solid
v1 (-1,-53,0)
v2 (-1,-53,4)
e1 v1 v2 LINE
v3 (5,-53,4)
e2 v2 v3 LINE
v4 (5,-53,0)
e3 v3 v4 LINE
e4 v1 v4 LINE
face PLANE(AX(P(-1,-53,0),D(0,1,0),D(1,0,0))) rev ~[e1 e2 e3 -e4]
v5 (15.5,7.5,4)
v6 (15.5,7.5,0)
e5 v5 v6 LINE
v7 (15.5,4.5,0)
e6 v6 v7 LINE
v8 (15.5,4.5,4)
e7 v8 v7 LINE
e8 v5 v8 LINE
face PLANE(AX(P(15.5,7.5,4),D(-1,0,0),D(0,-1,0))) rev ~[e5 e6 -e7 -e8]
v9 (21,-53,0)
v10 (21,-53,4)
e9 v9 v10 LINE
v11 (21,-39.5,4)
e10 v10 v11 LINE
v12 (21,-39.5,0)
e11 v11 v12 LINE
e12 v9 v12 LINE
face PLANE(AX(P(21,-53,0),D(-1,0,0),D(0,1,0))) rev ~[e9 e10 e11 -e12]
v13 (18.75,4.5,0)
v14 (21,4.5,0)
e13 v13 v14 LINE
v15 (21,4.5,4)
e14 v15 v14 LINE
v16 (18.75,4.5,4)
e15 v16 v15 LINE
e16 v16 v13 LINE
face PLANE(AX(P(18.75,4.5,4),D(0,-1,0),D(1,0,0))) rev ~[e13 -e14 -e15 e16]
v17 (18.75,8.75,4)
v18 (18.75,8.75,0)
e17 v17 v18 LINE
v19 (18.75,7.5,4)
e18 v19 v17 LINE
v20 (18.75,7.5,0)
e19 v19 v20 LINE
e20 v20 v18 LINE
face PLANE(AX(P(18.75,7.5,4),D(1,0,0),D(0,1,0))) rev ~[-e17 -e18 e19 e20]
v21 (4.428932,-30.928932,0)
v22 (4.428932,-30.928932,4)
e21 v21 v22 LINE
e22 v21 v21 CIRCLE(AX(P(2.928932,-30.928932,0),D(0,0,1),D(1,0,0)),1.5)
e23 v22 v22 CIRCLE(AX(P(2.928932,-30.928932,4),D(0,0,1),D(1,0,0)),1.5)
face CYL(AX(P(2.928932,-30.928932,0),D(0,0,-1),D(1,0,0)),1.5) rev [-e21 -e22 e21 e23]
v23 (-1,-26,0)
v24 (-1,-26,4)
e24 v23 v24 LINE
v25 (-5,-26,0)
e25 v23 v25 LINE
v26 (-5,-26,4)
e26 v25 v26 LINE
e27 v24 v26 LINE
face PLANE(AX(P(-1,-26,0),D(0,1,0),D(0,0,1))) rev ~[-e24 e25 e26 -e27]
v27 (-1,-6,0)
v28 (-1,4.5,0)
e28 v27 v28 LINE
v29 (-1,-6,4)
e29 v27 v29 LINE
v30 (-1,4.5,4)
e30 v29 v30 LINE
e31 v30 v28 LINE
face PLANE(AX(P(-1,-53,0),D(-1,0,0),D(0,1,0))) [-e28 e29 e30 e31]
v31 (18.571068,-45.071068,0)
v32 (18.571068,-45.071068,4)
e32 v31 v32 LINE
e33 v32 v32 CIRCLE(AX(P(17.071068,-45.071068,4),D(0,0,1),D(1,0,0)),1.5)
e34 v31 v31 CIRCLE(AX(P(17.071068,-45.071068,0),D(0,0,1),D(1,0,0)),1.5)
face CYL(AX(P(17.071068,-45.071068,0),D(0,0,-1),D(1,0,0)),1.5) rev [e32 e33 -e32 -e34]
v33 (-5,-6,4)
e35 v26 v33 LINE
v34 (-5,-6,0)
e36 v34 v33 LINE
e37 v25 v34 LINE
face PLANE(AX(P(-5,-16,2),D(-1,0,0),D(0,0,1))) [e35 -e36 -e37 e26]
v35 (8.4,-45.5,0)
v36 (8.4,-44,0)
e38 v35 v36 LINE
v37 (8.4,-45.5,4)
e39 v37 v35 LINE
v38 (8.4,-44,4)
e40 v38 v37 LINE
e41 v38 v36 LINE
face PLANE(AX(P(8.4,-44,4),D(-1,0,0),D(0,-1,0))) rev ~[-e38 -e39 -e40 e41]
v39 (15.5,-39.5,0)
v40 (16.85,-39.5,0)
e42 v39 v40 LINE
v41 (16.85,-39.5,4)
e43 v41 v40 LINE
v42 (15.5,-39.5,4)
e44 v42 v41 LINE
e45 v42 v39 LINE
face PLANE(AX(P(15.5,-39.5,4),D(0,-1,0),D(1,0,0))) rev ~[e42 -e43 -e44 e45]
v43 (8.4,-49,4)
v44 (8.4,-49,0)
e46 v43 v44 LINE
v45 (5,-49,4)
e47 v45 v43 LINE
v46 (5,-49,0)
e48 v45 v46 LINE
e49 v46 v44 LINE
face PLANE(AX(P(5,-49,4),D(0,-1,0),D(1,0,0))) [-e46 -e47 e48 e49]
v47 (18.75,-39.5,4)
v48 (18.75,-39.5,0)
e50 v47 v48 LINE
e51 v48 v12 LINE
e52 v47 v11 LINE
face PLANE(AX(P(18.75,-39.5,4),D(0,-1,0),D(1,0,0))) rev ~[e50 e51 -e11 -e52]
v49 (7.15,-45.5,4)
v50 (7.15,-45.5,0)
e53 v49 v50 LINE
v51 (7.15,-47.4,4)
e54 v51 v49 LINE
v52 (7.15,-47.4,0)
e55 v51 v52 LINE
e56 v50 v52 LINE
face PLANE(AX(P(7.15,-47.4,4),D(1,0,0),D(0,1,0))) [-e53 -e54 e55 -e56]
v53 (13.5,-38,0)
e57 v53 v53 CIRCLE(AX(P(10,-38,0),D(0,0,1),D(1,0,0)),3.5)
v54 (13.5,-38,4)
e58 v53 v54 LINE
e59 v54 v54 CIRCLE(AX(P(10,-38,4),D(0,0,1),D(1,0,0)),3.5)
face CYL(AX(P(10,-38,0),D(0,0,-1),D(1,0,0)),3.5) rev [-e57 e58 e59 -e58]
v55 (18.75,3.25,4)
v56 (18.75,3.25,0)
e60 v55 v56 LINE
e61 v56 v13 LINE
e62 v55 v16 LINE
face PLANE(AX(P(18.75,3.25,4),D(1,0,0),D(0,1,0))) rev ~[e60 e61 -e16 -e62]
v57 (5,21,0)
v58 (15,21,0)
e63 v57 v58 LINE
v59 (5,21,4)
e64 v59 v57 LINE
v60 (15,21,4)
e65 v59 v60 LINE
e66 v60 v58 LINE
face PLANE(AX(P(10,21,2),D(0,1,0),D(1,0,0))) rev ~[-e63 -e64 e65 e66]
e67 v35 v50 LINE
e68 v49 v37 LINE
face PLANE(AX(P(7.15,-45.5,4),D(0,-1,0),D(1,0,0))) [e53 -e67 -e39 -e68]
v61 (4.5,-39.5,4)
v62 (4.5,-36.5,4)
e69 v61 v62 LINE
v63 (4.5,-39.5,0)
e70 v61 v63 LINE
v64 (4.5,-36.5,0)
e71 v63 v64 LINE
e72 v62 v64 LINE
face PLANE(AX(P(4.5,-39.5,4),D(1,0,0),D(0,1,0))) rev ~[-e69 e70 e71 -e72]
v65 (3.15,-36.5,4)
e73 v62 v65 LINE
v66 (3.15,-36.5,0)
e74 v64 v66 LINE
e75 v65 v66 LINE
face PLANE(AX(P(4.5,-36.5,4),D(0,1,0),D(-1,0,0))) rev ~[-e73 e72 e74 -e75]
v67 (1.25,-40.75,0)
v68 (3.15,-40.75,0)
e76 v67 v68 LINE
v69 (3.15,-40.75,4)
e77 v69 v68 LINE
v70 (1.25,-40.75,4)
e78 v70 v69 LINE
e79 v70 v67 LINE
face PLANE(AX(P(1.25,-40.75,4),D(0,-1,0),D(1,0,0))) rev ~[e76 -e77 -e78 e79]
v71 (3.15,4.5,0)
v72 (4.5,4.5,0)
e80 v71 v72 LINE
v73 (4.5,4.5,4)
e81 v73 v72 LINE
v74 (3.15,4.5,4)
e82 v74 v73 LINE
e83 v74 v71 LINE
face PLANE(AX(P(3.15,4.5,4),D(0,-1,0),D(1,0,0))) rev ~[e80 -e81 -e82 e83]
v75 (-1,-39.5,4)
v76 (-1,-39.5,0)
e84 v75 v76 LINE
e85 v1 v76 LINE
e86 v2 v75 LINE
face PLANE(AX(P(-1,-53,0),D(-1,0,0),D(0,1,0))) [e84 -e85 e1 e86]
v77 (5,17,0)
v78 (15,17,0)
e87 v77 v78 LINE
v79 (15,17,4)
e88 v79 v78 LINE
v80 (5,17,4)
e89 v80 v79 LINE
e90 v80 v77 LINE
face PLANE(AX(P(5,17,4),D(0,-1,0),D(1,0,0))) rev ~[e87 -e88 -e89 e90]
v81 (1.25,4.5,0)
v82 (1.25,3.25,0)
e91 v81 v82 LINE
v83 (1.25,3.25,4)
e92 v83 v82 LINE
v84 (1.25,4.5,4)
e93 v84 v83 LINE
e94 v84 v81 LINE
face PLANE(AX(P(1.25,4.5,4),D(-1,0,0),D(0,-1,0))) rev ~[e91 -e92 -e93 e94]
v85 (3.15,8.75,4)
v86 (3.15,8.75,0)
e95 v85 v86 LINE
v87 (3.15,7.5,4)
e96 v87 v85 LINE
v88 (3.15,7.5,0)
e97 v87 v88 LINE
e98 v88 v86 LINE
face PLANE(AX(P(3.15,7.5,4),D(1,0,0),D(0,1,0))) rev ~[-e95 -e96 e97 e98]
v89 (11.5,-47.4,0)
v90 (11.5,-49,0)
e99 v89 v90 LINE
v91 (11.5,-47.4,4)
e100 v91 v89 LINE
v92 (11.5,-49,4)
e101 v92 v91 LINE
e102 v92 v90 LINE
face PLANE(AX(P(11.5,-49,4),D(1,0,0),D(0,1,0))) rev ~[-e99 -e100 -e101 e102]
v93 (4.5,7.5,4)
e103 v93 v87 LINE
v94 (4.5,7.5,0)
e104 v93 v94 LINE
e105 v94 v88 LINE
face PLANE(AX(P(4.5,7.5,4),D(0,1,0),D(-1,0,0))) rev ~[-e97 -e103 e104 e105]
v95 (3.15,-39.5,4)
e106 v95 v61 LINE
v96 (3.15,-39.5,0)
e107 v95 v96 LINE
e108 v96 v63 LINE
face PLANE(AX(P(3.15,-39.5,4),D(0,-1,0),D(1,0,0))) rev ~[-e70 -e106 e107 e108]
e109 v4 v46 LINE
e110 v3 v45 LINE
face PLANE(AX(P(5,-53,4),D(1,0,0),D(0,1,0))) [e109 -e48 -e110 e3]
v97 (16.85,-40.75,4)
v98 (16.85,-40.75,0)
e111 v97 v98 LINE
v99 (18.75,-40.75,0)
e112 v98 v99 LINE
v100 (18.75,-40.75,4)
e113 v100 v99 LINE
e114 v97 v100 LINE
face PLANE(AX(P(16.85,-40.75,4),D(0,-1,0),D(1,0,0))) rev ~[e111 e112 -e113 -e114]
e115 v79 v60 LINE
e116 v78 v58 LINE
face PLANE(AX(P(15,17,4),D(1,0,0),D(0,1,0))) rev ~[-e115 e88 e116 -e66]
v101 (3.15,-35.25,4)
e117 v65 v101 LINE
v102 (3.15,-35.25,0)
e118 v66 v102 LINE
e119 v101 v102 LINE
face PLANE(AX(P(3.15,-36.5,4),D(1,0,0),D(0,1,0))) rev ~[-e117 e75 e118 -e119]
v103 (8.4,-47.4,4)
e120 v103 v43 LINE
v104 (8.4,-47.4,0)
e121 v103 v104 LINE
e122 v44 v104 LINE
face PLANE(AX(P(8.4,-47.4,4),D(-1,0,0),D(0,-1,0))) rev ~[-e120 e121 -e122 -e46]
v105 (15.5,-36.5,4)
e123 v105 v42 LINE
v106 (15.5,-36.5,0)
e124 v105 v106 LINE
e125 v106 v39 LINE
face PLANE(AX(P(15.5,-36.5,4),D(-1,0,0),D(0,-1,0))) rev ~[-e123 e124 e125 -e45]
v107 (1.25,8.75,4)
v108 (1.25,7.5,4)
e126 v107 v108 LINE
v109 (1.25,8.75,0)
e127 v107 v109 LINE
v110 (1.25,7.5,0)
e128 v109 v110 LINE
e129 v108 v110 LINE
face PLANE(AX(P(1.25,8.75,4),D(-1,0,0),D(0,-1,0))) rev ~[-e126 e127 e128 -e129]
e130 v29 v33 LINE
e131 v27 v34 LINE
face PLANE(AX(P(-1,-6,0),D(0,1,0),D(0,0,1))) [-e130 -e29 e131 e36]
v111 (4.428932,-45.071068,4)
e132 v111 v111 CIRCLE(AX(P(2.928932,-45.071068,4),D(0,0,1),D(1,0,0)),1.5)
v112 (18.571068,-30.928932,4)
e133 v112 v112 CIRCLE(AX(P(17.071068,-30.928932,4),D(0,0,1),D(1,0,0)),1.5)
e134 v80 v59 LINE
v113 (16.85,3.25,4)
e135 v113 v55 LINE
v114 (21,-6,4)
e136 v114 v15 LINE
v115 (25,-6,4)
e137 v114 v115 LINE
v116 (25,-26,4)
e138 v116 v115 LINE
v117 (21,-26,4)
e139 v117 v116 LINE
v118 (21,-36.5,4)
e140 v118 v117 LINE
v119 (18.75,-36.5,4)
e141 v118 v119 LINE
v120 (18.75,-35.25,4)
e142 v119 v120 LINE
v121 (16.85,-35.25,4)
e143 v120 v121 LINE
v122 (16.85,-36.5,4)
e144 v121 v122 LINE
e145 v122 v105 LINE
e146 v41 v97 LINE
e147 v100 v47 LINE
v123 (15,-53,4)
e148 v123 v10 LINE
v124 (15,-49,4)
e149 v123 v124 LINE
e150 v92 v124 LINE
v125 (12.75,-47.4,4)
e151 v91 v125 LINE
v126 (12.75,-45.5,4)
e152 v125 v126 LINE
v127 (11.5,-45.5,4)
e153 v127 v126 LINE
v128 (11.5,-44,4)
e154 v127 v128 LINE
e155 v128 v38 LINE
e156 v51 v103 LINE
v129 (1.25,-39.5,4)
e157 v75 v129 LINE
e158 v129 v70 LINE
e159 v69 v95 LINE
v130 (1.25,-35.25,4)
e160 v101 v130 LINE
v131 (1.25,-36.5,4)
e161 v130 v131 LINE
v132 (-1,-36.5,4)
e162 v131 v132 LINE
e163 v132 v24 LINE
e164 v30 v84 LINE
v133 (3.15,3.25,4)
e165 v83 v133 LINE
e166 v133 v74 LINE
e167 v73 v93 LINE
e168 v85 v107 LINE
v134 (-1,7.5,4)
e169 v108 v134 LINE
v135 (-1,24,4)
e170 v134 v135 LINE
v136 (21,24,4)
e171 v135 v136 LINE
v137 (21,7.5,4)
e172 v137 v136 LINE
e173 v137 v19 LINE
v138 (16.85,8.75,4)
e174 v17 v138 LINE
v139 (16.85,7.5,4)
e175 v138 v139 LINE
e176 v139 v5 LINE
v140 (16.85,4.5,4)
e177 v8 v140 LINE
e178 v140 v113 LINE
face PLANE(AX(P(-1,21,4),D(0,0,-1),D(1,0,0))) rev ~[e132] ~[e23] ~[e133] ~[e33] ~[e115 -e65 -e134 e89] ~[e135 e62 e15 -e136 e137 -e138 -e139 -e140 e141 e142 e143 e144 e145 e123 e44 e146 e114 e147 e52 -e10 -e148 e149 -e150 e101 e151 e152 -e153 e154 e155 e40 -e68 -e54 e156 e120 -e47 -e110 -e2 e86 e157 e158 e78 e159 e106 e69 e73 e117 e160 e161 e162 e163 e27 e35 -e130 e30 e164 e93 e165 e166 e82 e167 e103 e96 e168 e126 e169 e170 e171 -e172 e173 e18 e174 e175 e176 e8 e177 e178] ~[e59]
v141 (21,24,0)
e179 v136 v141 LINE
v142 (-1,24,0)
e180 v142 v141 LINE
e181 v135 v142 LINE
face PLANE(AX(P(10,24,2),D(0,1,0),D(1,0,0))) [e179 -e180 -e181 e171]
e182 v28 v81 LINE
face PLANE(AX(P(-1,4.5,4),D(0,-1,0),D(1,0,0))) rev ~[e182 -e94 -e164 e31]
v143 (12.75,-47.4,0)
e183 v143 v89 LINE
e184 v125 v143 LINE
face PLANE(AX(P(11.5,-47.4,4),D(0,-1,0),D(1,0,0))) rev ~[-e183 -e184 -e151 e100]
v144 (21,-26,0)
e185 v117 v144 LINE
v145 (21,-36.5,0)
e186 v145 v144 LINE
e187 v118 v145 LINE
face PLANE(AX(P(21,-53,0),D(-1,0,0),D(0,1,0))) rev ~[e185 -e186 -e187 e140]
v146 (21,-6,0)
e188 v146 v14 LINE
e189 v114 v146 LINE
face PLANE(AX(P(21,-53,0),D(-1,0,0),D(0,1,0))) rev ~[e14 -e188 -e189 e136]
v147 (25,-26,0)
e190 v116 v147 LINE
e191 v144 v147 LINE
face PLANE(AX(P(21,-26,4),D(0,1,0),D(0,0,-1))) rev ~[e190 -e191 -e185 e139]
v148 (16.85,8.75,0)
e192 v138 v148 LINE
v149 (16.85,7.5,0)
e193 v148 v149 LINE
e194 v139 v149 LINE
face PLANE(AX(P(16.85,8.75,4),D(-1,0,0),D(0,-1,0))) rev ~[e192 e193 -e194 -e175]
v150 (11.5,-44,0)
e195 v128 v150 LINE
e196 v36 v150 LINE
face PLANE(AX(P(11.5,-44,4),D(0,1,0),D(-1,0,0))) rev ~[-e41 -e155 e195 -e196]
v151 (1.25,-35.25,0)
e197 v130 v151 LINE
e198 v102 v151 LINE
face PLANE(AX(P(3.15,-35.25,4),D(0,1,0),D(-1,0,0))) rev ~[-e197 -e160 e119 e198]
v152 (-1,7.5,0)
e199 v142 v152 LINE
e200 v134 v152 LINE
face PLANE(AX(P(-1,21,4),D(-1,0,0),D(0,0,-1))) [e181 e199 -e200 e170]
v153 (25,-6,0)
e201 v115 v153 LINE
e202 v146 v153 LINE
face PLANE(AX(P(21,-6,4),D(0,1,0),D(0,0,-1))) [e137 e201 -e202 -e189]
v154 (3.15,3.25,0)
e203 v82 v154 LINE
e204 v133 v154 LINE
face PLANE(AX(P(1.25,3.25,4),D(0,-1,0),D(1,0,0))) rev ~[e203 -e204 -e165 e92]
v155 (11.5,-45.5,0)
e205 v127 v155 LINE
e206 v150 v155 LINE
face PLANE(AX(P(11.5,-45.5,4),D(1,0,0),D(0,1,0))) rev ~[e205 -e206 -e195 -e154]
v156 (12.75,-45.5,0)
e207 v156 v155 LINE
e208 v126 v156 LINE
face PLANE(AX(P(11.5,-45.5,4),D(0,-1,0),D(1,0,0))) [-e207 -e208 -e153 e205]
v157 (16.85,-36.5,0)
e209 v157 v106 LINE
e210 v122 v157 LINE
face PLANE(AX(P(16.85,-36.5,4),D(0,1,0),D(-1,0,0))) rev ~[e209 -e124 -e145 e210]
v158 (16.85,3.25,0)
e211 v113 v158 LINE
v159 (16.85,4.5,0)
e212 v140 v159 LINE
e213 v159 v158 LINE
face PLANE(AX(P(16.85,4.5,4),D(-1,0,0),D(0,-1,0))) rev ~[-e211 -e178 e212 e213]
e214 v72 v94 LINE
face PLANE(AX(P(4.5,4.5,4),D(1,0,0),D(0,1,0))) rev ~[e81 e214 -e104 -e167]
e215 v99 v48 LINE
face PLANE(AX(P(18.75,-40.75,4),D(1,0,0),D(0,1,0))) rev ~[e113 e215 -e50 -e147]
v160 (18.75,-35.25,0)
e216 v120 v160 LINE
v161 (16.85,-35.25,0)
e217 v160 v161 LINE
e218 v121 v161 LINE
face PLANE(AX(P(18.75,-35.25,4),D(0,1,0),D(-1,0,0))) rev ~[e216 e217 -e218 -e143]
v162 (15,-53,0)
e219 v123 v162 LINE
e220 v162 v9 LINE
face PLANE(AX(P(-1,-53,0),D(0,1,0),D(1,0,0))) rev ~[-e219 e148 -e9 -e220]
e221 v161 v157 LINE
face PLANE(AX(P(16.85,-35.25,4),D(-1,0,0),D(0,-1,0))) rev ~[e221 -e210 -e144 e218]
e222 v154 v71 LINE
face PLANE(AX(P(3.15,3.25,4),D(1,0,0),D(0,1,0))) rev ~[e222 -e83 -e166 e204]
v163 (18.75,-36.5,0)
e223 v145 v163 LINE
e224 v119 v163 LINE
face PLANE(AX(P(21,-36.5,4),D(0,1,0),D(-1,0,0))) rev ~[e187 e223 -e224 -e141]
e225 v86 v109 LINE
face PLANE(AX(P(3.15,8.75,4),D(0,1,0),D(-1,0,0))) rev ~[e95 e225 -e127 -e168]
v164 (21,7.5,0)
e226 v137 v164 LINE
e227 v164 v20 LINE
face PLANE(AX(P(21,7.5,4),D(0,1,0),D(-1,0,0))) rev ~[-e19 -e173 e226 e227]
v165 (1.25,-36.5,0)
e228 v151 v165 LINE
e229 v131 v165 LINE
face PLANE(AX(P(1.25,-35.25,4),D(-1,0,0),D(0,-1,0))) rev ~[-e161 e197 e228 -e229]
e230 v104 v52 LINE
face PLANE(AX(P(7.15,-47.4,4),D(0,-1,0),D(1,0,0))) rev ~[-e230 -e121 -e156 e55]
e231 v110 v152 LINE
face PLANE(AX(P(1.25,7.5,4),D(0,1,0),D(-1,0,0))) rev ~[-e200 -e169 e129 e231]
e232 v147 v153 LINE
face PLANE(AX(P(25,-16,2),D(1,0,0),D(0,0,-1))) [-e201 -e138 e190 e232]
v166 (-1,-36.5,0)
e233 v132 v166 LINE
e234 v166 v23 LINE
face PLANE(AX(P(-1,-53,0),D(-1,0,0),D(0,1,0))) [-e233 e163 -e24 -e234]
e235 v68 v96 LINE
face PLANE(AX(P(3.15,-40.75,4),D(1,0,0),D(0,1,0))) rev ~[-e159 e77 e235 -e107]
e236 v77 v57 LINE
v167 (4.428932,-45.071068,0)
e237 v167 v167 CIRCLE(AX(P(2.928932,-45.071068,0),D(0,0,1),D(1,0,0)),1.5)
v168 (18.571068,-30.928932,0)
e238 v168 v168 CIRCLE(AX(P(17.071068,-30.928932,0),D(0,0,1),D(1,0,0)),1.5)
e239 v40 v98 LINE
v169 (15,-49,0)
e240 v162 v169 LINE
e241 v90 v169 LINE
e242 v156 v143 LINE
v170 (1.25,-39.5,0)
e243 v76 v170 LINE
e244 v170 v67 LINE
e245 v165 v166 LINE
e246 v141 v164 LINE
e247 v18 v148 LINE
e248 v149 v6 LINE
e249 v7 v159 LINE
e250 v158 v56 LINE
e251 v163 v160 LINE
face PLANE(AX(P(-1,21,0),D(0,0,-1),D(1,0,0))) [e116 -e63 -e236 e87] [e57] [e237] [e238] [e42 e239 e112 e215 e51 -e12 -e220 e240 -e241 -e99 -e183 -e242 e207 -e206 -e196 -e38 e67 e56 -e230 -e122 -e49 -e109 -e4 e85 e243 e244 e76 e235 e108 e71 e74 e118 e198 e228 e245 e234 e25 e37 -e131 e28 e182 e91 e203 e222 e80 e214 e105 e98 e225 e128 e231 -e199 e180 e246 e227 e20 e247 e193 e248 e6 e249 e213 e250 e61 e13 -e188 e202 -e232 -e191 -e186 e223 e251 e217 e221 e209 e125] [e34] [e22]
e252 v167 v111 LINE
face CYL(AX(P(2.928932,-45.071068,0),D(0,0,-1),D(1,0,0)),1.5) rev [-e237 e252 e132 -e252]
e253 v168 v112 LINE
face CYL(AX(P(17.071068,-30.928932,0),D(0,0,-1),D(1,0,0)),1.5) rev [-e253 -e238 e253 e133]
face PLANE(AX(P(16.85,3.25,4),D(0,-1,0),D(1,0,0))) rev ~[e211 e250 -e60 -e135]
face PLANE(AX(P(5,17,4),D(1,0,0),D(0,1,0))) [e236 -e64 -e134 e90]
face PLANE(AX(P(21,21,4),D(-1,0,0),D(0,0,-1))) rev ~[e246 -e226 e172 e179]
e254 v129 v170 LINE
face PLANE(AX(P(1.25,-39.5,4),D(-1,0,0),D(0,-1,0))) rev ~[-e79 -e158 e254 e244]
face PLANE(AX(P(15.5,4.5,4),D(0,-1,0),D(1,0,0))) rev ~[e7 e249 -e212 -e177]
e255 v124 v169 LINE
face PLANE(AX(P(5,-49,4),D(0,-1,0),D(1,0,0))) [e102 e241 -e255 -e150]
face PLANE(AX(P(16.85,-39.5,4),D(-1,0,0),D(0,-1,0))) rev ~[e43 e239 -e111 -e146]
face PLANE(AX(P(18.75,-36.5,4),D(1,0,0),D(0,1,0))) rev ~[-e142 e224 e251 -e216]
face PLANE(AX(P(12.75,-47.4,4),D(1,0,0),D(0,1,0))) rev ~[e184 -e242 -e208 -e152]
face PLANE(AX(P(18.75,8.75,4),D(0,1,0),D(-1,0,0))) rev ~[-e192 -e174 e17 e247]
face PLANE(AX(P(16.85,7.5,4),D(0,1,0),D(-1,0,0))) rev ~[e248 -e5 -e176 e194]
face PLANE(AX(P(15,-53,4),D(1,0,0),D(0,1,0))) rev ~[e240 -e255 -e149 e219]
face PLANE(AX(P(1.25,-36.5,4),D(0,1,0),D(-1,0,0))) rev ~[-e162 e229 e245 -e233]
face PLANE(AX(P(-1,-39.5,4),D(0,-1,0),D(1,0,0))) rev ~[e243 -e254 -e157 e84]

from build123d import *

# Parameters (mm, degrees)
SKETCH1_W                     = 22
SKETCH1_H                     = 74
SKETCH1_R                     = 3.5
SHEET_THICKNESS_DEPTH         = 4
BEARING_START                 = -4
SKETCH2_R                     = 3.5
SKETCH2_R_2                   = 1.5
BEARING_HOLDER_MOUNTING_DEPTH = 4
NUT_MOUNTING_DEPTH            = 4
SKETCH5_W                     = 10
SKETCH5_H                     = 4
TOP_SLOTS_DEPTH               = 4
SKETCH9_W                     = 4
SKETCH9_H                     = 20
BOSS_EXTRUDE3_DEPTH           = 4
SKETCH10_W                    = 4
SKETCH10_H                    = 20
BOSS_EXTRUDE4_DEPTH           = 4
SKETCH11_W                    = 22
SKETCH11_H                    = 4
BOSS_EXTRUDE5_DEPTH           = 3
SKETCH14_W                    = 1.55
SKETCH14_H                    = 1.5
SKETCH14_H_2                  = 1.9
SKETCH14_H_3                  = 1.6
SKETCH14_W_2                  = 1.25
CUT_EXTRUDE4_DEPTH            = 10


with BuildPart() as part:
    # Sketch1 → Sheet Thickness (new body)
    with BuildSketch(Plane.XY):
        with Locations((10, -16)):
            Rectangle(SKETCH1_W, SKETCH1_H)
        with Locations((10, -38)):
            Circle(SKETCH1_R, mode=Mode.SUBTRACT)
    extrude(amount=SHEET_THICKNESS_DEPTH)

    # Sketch2 → Bearing Holder Mounting (cut)
    with BuildSketch(Plane.XY.offset(4).offset(BEARING_START)):
        with Locations((10, -38)):
            Circle(SKETCH2_R)
        with Locations((2.928932188, -30.928932188)):
            Circle(SKETCH2_R_2)
        with Locations((17.071067812, -30.928932188)):
            Circle(SKETCH2_R_2)
        with Locations((17.071067812, -45.071067812)):
            Circle(SKETCH2_R_2)
        with Locations((2.928932188, -45.071067812)):
            Circle(SKETCH2_R_2)
    extrude(amount=BEARING_HOLDER_MOUNTING_DEPTH, mode=Mode.SUBTRACT)

    # Sketch3 → Nut Mounting (cut)
    with BuildSketch(Plane.XY.offset(4)):
        Polygon((1.25, -36.5), (-1, -36.5), (-1, -39.5), (1.25, -39.5), (1.25, -40.75), (3.15, -40.75), (3.15, -39.5), (4.5, -39.5), (4.5, -36.5), (3.15, -36.5), (3.15, -35.25), (1.25, -35.25), align=None)
        Polygon((18.75, -39.5), (21, -39.5), (21, -36.5), (18.75, -36.5), (18.75, -35.25), (16.85, -35.25), (16.85, -36.5), (15.5, -36.5), (15.5, -39.5), (16.85, -39.5), (16.85, -40.75), (18.75, -40.75), align=None)
        Polygon((16.85, 3.25), (18.75, 3.25), (18.75, 4.5), (21, 4.5), (21, 7.5), (18.75, 7.5), (18.75, 8.75), (16.85, 8.75), (16.85, 7.5), (15.5, 7.5), (15.5, 4.5), (16.85, 4.5), align=None)
        Polygon((1.25, 3.25), (3.15, 3.25), (3.15, 4.5), (4.5, 4.5), (4.5, 7.5), (3.15, 7.5), (3.15, 8.75), (1.25, 8.75), (1.25, 7.5), (-1, 7.5), (-1, 4.5), (1.25, 4.5), align=None)
    extrude(amount=-NUT_MOUNTING_DEPTH, mode=Mode.SUBTRACT)

    # Sketch5 → Top Slots (cut)
    with BuildSketch(Plane.XY.offset(4)):
        with Locations((10, -51)):
            Rectangle(SKETCH5_W, SKETCH5_H)
        with Locations((10, 19)):
            Rectangle(SKETCH5_W, SKETCH5_H)
    extrude(amount=-TOP_SLOTS_DEPTH, mode=Mode.SUBTRACT)

    # Sketch9 → Boss-Extrude3 (add)
    with BuildSketch(Plane.ZY.offset(1)):
        with Locations((2, -16)):
            Rectangle(SKETCH9_W, SKETCH9_H)
    extrude(amount=BOSS_EXTRUDE3_DEPTH)

    # Sketch10 → Boss-Extrude4 (add)
    with BuildSketch(Plane(origin=(21, 0, 0), x_dir=(0, 0, -1), z_dir=(1, 0, 0))):
        with Locations((-2, -16)):
            Rectangle(SKETCH10_W, SKETCH10_H)
    extrude(amount=BOSS_EXTRUDE4_DEPTH)

    # Sketch11 → Boss-Extrude5 (add)
    with BuildSketch(Plane(origin=(0, 21, 0), x_dir=(1, 0, 0), z_dir=(0, 1, 0))):
        with Locations((10, -2)):
            Rectangle(SKETCH11_W, SKETCH11_H)
    extrude(amount=BOSS_EXTRUDE5_DEPTH)

    # Sketch14 → Cut-Extrude4 (cut)
    with BuildSketch(Plane.XY.offset(4)):
        with Locations((9.175, -44.75)):
            Rectangle(SKETCH14_W, SKETCH14_H)
        with Locations((10.725, -44.75)):
            Rectangle(SKETCH14_W, SKETCH14_H)
        with Locations((9.175, -46.45)):
            Rectangle(SKETCH14_W, SKETCH14_H_2)
        with Locations((10.725, -46.45)):
            Rectangle(SKETCH14_W, SKETCH14_H_2)
        with Locations((10.725, -48.2)):
            Rectangle(SKETCH14_W, SKETCH14_H_3)
        with Locations((9.175, -48.2)):
            Rectangle(SKETCH14_W, SKETCH14_H_3)
        with Locations((7.775, -46.45)):
            Rectangle(SKETCH14_W_2, SKETCH14_H_2)
        with Locations((12.125, -46.45)):
            Rectangle(SKETCH14_W_2, SKETCH14_H_2)
    extrude(amount=-CUT_EXTRUDE4_DEPTH, mode=Mode.SUBTRACT)


solid = part.part
